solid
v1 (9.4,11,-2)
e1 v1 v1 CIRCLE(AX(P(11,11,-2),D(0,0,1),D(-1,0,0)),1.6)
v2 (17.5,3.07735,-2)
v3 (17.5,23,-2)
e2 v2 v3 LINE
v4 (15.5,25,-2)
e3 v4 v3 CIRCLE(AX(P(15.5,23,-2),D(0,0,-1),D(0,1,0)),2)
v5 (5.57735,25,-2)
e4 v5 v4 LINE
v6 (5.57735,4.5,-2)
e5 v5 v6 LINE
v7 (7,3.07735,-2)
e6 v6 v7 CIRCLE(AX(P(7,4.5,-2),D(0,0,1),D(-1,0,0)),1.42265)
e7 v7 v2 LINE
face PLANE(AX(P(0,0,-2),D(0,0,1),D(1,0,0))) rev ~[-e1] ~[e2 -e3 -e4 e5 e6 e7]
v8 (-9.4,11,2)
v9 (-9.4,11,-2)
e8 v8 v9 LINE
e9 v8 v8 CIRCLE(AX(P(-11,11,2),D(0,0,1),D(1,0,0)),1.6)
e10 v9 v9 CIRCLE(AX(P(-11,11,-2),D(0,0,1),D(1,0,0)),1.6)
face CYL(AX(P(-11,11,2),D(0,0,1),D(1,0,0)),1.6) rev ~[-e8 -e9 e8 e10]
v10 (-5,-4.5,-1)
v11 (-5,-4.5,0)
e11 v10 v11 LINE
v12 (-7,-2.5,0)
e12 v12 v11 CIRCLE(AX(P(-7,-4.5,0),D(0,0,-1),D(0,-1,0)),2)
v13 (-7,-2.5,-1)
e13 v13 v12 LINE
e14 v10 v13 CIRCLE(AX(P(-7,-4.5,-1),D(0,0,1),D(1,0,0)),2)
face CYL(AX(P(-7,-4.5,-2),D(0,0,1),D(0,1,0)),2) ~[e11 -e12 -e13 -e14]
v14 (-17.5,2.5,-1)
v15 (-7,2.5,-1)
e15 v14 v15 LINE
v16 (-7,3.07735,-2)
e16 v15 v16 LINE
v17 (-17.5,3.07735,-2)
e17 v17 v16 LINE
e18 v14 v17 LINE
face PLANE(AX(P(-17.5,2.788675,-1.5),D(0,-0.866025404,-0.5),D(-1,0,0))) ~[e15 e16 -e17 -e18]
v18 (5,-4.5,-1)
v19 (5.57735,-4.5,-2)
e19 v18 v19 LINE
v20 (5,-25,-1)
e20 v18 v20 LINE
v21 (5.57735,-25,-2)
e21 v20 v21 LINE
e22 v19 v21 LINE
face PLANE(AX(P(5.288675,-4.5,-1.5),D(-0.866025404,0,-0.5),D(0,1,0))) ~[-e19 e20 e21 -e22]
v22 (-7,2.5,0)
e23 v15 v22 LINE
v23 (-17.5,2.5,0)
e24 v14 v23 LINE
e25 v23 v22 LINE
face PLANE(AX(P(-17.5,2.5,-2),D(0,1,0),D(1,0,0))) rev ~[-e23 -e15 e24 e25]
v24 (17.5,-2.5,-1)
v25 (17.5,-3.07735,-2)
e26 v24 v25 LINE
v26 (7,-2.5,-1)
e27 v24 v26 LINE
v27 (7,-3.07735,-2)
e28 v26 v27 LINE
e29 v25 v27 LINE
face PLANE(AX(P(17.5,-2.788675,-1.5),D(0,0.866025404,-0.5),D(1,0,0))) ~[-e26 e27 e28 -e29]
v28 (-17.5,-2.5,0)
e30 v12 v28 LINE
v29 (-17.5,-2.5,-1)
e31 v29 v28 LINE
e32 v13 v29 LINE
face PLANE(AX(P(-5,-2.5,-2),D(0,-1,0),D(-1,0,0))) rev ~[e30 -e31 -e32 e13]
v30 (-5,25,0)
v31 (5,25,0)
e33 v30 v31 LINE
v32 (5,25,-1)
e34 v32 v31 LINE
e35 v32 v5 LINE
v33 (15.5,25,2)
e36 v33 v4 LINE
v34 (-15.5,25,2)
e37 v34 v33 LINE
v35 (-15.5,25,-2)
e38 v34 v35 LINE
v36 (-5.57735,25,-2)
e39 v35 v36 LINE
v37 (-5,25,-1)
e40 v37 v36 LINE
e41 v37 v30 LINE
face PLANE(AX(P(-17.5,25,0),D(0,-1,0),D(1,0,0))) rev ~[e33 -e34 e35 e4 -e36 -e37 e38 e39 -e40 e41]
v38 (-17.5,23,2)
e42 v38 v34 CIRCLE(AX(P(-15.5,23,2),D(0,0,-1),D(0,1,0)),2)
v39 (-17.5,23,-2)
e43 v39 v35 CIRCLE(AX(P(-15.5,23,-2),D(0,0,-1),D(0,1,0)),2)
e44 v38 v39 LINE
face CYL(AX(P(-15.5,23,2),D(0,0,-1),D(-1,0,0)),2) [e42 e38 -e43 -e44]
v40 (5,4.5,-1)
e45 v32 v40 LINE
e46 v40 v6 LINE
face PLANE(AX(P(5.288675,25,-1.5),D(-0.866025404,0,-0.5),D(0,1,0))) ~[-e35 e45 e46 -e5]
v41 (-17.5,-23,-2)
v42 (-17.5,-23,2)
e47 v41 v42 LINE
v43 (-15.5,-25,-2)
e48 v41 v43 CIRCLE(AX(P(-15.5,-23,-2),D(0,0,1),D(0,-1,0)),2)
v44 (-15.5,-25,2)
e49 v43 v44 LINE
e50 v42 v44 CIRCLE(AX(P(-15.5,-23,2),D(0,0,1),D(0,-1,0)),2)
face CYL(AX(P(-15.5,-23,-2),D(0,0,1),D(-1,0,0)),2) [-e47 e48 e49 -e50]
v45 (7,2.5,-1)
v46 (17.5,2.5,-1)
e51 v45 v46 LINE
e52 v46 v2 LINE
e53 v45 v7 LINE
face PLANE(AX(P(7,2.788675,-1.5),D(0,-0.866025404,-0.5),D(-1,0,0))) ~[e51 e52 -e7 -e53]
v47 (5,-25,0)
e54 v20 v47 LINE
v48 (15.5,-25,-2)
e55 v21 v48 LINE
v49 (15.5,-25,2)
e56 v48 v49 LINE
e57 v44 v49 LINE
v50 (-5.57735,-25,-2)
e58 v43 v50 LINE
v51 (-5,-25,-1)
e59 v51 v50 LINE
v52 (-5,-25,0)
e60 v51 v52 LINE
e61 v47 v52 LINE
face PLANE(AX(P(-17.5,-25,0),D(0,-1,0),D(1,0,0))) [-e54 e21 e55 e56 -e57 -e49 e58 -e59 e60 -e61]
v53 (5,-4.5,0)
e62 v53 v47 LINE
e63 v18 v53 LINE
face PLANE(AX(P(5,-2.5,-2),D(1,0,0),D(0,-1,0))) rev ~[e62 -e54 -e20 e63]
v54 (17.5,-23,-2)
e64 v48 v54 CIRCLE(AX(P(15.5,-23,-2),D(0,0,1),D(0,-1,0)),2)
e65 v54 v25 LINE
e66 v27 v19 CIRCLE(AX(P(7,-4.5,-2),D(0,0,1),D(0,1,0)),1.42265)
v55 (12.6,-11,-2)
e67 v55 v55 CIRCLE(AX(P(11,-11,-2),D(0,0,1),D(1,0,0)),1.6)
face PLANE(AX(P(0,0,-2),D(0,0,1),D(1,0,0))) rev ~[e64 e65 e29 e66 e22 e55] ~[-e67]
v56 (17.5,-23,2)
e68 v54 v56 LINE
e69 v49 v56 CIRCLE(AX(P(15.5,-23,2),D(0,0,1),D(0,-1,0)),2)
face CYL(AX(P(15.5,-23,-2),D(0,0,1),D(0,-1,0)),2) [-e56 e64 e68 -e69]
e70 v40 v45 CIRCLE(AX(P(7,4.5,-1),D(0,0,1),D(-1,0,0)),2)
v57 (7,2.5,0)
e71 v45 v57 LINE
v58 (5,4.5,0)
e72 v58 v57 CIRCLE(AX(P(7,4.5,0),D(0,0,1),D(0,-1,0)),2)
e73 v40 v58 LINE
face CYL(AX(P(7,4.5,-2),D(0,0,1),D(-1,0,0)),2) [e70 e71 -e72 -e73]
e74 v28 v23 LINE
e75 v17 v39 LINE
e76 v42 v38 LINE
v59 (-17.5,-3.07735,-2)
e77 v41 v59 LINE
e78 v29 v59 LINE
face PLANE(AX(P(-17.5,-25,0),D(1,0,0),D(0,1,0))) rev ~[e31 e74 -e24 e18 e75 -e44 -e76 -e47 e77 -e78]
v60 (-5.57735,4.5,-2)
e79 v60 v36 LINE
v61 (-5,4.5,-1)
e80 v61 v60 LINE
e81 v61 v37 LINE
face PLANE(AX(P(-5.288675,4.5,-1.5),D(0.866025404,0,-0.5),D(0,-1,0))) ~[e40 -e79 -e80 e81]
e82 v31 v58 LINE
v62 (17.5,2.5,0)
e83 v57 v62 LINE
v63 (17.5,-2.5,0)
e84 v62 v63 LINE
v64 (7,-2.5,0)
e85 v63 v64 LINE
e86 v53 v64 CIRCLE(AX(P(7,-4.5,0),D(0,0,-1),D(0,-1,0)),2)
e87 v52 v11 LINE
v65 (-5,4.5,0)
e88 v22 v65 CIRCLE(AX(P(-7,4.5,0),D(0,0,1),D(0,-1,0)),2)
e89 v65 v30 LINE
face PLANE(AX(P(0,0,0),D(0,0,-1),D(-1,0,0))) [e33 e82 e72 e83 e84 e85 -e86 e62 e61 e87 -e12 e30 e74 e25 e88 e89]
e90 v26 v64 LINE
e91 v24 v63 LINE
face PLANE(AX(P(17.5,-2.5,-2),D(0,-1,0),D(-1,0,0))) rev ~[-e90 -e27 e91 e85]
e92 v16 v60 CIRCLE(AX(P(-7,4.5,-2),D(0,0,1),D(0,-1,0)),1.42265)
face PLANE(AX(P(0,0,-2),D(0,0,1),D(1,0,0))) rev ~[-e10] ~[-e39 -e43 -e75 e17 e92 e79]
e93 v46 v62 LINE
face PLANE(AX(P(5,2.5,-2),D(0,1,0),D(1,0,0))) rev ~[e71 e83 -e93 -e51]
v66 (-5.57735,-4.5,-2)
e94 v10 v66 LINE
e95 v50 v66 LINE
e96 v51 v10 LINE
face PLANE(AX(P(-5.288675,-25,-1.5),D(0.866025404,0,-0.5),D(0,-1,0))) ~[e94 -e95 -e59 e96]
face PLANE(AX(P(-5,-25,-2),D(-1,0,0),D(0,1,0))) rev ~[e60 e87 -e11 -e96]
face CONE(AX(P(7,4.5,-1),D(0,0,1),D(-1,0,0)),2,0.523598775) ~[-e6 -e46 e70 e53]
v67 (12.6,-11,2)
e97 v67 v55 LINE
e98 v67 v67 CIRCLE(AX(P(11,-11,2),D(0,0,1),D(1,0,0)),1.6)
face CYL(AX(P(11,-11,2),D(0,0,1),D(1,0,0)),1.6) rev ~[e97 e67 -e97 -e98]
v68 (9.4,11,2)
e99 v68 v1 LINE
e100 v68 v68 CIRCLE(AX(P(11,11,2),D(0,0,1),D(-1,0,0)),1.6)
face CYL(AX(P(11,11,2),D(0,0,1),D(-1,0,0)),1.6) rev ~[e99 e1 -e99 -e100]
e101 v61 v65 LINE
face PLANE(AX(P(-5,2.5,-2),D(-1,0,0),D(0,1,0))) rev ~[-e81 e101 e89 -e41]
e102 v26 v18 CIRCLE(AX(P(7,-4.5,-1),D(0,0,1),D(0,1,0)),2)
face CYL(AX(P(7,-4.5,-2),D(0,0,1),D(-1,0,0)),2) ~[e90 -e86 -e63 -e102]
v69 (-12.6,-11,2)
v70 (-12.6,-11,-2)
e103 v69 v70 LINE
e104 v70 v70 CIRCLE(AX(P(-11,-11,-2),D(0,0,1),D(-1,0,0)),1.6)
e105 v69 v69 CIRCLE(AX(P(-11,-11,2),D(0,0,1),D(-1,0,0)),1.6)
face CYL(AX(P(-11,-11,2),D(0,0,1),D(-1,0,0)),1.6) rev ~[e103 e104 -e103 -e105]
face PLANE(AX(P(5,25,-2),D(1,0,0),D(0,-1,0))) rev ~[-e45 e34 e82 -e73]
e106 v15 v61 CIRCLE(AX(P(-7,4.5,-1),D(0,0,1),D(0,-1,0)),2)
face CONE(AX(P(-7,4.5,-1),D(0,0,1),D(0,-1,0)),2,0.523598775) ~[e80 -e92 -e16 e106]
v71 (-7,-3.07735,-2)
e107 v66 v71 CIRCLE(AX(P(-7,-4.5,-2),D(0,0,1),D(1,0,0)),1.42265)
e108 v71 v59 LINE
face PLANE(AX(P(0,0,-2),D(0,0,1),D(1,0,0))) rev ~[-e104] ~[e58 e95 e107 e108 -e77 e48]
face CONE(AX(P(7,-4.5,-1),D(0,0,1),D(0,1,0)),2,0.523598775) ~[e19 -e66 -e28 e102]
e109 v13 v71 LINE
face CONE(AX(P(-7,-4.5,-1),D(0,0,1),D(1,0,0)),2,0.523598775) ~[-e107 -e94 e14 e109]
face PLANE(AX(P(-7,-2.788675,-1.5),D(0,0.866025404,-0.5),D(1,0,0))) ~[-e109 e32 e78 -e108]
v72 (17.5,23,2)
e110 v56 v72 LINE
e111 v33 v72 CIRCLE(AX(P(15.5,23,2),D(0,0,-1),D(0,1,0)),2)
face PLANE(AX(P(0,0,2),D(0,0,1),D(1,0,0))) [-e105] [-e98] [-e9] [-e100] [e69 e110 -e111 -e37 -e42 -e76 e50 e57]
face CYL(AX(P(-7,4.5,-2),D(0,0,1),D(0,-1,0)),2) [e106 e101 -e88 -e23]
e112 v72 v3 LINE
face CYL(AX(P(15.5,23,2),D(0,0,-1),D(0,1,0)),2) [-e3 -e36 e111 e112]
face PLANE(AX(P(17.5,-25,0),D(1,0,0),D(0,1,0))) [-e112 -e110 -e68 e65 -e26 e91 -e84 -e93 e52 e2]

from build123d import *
from OCP.BRepFilletAPI import BRepFilletAPI_MakeChamfer

# Parameters (mm, degrees)
SCHIZZO1_W                   = 35
SCHIZZO1_H                   = 50
ESTRUSIONE_ESTRUSIONE1_DEPTH = 2
TAGLIO_ESTRUSIONE1_DEPTH     = 2
RACCORDO1_R                  = 2
SMUSSO1_SIZE                 = 1
SMUSSO1_SIZE2                = 0.577350269
SKETCH1_R                    = 1.6
CUT_EXTRUDE1_DEPTH           = 31.777426793
CUT_EXTRUDE1_DEPTH_BACK      = 31.777426793


with BuildPart() as part:
    # Schizzo1 → Estrusione-Estrusione1 (new, symmetric)
    with BuildSketch(Plane.XY):
        Rectangle(SCHIZZO1_W, SCHIZZO1_H)
    extrude(amount=ESTRUSIONE_ESTRUSIONE1_DEPTH, both=True)

    # Schizzo2 → Taglio-Estrusione1 (cut)
    with BuildSketch(Plane(origin=(0, 0, -2), x_dir=(-1, 0, 0), z_dir=(0, 0, -1))):
        Polygon((-5, -25), (5, -25), (5, -2.5), (17.5, -2.5), (17.5, 2.5), (5, 2.5), (5, 25), (-5, 25), (-5, 2.5), (-17.5, 2.5), (-17.5, -2.5), (-5, -2.5), align=None)
    extrude(amount=-TAGLIO_ESTRUSIONE1_DEPTH, mode=Mode.SUBTRACT)

    # Raccordo1
    raccordo1_edges = [part.edges().sort_by_distance(p)[0] for p in [
        (-5, 2.5, -1),
        (-5, -2.5, -1),
        (5, -2.5, -1),
        (5, 2.5, -1),
        (-17.5, -25, 0),
        (17.5, -25, 0),
        (17.5, 25, 0),
        (-17.5, 25, 0),
    ]]
    fillet(raccordo1_edges, radius=RACCORDO1_R)

    # Smusso1: one chamfer whose edges measure the first distance from different faces: ONE call of the kernel's chamfer builder (chamfer() names one face for all edges)
    smusso1_edges_1 = [part.edges().sort_by_distance(p)[0] for p in [
        (5, 14.75, -2),
    ]]
    smusso1_side_1 = [part.faces().sort_by_distance(p)[0] for p in [
        (5, 14.75, -1),
    ]]
    smusso1_edges_2 = [part.edges().sort_by_distance(p)[0] for p in [
        (12.25, -2.5, -2),
    ]]
    smusso1_side_2 = [part.faces().sort_by_distance(p)[0] for p in [
        (12.25, -2.5, -1),
    ]]
    smusso1_edges_3 = [part.edges().sort_by_distance(p)[0] for p in [
        (-5, -14.75, -2),
    ]]
    smusso1_side_3 = [part.faces().sort_by_distance(p)[0] for p in [
        (-5, -14.75, -1),
    ]]
    smusso1_edges_4 = [part.edges().sort_by_distance(p)[0] for p in [
        (-12.25, 2.5, -2),
    ]]
    smusso1_side_4 = [part.faces().sort_by_distance(p)[0] for p in [
        (-12.25, 2.5, -1),
    ]]
    smusso1_edges_5 = [part.edges().sort_by_distance(p)[0] for p in [
        (5, -14.75, -2),
    ]]
    smusso1_side_5 = [part.faces().sort_by_distance(p)[0] for p in [
        (5, -14.75, -1),
    ]]
    smusso1_edges_6 = [part.edges().sort_by_distance(p)[0] for p in [
        (5.585786438, -3.085786438, -2),
    ]]
    smusso1_side_6 = [part.faces().sort_by_distance(p)[0] for p in [
        (5.585786438, -3.085786438, -1),
    ]]
    smusso1_edges_7 = [part.edges().sort_by_distance(p)[0] for p in [
        (-5, 14.75, -2),
    ]]
    smusso1_side_7 = [part.faces().sort_by_distance(p)[0] for p in [
        (-5, 14.75, -1),
    ]]
    smusso1_edges_8 = [part.edges().sort_by_distance(p)[0] for p in [
        (-5.585786438, 3.085786438, -2),
    ]]
    smusso1_side_8 = [part.faces().sort_by_distance(p)[0] for p in [
        (-5.585786438, 3.085786438, -1),
    ]]
    smusso1_edges_9 = [part.edges().sort_by_distance(p)[0] for p in [
        (-12.25, -2.5, -2),
    ]]
    smusso1_side_9 = [part.faces().sort_by_distance(p)[0] for p in [
        (-12.25, -2.5, -1),
    ]]
    smusso1_edges_10 = [part.edges().sort_by_distance(p)[0] for p in [
        (-5.585786438, -3.085786438, -2),
    ]]
    smusso1_side_10 = [part.faces().sort_by_distance(p)[0] for p in [
        (-5.585786438, -3.085786438, -1),
    ]]
    smusso1_edges_11 = [part.edges().sort_by_distance(p)[0] for p in [
        (12.25, 2.5, -2),
    ]]
    smusso1_side_11 = [part.faces().sort_by_distance(p)[0] for p in [
        (12.25, 2.5, -1),
    ]]
    smusso1_edges_12 = [part.edges().sort_by_distance(p)[0] for p in [
        (5.585786438, 3.085786438, -2),
    ]]
    smusso1_side_12 = [part.faces().sort_by_distance(p)[0] for p in [
        (5.585786438, 3.085786438, -1),
    ]]
    smusso1 = BRepFilletAPI_MakeChamfer(part.part.solid().wrapped)
    for e in smusso1_edges_1:
        smusso1.Add(SMUSSO1_SIZE, SMUSSO1_SIZE2, e.wrapped, smusso1_side_1[0].wrapped)  # the first distance lies on this face
    for e in smusso1_edges_2:
        smusso1.Add(SMUSSO1_SIZE, SMUSSO1_SIZE2, e.wrapped, smusso1_side_2[0].wrapped)  # the first distance lies on this face
    for e in smusso1_edges_3:
        smusso1.Add(SMUSSO1_SIZE, SMUSSO1_SIZE2, e.wrapped, smusso1_side_3[0].wrapped)  # the first distance lies on this face
    for e in smusso1_edges_4:
        smusso1.Add(SMUSSO1_SIZE, SMUSSO1_SIZE2, e.wrapped, smusso1_side_4[0].wrapped)  # the first distance lies on this face
    for e in smusso1_edges_5:
        smusso1.Add(SMUSSO1_SIZE, SMUSSO1_SIZE2, e.wrapped, smusso1_side_5[0].wrapped)  # the first distance lies on this face
    for e in smusso1_edges_6:
        smusso1.Add(SMUSSO1_SIZE, SMUSSO1_SIZE2, e.wrapped, smusso1_side_6[0].wrapped)  # the first distance lies on this face
    for e in smusso1_edges_7:
        smusso1.Add(SMUSSO1_SIZE, SMUSSO1_SIZE2, e.wrapped, smusso1_side_7[0].wrapped)  # the first distance lies on this face
    for e in smusso1_edges_8:
        smusso1.Add(SMUSSO1_SIZE, SMUSSO1_SIZE2, e.wrapped, smusso1_side_8[0].wrapped)  # the first distance lies on this face
    for e in smusso1_edges_9:
        smusso1.Add(SMUSSO1_SIZE, SMUSSO1_SIZE2, e.wrapped, smusso1_side_9[0].wrapped)  # the first distance lies on this face
    for e in smusso1_edges_10:
        smusso1.Add(SMUSSO1_SIZE, SMUSSO1_SIZE2, e.wrapped, smusso1_side_10[0].wrapped)  # the first distance lies on this face
    for e in smusso1_edges_11:
        smusso1.Add(SMUSSO1_SIZE, SMUSSO1_SIZE2, e.wrapped, smusso1_side_11[0].wrapped)  # the first distance lies on this face
    for e in smusso1_edges_12:
        smusso1.Add(SMUSSO1_SIZE, SMUSSO1_SIZE2, e.wrapped, smusso1_side_12[0].wrapped)  # the first distance lies on this face
    add(Compound.cast(smusso1.Shape()), mode=Mode.REPLACE)

    # Sketch1 → Cut-Extrude1 (cut, two sides)
    with BuildSketch(Plane.XY.offset(2)) as cut_extrude1_sk:
        with Locations((-11, 11)):
            Circle(SKETCH1_R)
        with Locations(Location((11, 11, 0), (0, 0, 180))):
            Circle(SKETCH1_R)
        with Locations((11, -11)):
            Circle(SKETCH1_R)
        with Locations(Location((-11, -11, 0), (0, 0, 180))):
            Circle(SKETCH1_R)
    extrude(amount=CUT_EXTRUDE1_DEPTH, mode=Mode.SUBTRACT)
    extrude(cut_extrude1_sk.sketch, amount=-CUT_EXTRUDE1_DEPTH_BACK, mode=Mode.SUBTRACT)


solid = part.part
